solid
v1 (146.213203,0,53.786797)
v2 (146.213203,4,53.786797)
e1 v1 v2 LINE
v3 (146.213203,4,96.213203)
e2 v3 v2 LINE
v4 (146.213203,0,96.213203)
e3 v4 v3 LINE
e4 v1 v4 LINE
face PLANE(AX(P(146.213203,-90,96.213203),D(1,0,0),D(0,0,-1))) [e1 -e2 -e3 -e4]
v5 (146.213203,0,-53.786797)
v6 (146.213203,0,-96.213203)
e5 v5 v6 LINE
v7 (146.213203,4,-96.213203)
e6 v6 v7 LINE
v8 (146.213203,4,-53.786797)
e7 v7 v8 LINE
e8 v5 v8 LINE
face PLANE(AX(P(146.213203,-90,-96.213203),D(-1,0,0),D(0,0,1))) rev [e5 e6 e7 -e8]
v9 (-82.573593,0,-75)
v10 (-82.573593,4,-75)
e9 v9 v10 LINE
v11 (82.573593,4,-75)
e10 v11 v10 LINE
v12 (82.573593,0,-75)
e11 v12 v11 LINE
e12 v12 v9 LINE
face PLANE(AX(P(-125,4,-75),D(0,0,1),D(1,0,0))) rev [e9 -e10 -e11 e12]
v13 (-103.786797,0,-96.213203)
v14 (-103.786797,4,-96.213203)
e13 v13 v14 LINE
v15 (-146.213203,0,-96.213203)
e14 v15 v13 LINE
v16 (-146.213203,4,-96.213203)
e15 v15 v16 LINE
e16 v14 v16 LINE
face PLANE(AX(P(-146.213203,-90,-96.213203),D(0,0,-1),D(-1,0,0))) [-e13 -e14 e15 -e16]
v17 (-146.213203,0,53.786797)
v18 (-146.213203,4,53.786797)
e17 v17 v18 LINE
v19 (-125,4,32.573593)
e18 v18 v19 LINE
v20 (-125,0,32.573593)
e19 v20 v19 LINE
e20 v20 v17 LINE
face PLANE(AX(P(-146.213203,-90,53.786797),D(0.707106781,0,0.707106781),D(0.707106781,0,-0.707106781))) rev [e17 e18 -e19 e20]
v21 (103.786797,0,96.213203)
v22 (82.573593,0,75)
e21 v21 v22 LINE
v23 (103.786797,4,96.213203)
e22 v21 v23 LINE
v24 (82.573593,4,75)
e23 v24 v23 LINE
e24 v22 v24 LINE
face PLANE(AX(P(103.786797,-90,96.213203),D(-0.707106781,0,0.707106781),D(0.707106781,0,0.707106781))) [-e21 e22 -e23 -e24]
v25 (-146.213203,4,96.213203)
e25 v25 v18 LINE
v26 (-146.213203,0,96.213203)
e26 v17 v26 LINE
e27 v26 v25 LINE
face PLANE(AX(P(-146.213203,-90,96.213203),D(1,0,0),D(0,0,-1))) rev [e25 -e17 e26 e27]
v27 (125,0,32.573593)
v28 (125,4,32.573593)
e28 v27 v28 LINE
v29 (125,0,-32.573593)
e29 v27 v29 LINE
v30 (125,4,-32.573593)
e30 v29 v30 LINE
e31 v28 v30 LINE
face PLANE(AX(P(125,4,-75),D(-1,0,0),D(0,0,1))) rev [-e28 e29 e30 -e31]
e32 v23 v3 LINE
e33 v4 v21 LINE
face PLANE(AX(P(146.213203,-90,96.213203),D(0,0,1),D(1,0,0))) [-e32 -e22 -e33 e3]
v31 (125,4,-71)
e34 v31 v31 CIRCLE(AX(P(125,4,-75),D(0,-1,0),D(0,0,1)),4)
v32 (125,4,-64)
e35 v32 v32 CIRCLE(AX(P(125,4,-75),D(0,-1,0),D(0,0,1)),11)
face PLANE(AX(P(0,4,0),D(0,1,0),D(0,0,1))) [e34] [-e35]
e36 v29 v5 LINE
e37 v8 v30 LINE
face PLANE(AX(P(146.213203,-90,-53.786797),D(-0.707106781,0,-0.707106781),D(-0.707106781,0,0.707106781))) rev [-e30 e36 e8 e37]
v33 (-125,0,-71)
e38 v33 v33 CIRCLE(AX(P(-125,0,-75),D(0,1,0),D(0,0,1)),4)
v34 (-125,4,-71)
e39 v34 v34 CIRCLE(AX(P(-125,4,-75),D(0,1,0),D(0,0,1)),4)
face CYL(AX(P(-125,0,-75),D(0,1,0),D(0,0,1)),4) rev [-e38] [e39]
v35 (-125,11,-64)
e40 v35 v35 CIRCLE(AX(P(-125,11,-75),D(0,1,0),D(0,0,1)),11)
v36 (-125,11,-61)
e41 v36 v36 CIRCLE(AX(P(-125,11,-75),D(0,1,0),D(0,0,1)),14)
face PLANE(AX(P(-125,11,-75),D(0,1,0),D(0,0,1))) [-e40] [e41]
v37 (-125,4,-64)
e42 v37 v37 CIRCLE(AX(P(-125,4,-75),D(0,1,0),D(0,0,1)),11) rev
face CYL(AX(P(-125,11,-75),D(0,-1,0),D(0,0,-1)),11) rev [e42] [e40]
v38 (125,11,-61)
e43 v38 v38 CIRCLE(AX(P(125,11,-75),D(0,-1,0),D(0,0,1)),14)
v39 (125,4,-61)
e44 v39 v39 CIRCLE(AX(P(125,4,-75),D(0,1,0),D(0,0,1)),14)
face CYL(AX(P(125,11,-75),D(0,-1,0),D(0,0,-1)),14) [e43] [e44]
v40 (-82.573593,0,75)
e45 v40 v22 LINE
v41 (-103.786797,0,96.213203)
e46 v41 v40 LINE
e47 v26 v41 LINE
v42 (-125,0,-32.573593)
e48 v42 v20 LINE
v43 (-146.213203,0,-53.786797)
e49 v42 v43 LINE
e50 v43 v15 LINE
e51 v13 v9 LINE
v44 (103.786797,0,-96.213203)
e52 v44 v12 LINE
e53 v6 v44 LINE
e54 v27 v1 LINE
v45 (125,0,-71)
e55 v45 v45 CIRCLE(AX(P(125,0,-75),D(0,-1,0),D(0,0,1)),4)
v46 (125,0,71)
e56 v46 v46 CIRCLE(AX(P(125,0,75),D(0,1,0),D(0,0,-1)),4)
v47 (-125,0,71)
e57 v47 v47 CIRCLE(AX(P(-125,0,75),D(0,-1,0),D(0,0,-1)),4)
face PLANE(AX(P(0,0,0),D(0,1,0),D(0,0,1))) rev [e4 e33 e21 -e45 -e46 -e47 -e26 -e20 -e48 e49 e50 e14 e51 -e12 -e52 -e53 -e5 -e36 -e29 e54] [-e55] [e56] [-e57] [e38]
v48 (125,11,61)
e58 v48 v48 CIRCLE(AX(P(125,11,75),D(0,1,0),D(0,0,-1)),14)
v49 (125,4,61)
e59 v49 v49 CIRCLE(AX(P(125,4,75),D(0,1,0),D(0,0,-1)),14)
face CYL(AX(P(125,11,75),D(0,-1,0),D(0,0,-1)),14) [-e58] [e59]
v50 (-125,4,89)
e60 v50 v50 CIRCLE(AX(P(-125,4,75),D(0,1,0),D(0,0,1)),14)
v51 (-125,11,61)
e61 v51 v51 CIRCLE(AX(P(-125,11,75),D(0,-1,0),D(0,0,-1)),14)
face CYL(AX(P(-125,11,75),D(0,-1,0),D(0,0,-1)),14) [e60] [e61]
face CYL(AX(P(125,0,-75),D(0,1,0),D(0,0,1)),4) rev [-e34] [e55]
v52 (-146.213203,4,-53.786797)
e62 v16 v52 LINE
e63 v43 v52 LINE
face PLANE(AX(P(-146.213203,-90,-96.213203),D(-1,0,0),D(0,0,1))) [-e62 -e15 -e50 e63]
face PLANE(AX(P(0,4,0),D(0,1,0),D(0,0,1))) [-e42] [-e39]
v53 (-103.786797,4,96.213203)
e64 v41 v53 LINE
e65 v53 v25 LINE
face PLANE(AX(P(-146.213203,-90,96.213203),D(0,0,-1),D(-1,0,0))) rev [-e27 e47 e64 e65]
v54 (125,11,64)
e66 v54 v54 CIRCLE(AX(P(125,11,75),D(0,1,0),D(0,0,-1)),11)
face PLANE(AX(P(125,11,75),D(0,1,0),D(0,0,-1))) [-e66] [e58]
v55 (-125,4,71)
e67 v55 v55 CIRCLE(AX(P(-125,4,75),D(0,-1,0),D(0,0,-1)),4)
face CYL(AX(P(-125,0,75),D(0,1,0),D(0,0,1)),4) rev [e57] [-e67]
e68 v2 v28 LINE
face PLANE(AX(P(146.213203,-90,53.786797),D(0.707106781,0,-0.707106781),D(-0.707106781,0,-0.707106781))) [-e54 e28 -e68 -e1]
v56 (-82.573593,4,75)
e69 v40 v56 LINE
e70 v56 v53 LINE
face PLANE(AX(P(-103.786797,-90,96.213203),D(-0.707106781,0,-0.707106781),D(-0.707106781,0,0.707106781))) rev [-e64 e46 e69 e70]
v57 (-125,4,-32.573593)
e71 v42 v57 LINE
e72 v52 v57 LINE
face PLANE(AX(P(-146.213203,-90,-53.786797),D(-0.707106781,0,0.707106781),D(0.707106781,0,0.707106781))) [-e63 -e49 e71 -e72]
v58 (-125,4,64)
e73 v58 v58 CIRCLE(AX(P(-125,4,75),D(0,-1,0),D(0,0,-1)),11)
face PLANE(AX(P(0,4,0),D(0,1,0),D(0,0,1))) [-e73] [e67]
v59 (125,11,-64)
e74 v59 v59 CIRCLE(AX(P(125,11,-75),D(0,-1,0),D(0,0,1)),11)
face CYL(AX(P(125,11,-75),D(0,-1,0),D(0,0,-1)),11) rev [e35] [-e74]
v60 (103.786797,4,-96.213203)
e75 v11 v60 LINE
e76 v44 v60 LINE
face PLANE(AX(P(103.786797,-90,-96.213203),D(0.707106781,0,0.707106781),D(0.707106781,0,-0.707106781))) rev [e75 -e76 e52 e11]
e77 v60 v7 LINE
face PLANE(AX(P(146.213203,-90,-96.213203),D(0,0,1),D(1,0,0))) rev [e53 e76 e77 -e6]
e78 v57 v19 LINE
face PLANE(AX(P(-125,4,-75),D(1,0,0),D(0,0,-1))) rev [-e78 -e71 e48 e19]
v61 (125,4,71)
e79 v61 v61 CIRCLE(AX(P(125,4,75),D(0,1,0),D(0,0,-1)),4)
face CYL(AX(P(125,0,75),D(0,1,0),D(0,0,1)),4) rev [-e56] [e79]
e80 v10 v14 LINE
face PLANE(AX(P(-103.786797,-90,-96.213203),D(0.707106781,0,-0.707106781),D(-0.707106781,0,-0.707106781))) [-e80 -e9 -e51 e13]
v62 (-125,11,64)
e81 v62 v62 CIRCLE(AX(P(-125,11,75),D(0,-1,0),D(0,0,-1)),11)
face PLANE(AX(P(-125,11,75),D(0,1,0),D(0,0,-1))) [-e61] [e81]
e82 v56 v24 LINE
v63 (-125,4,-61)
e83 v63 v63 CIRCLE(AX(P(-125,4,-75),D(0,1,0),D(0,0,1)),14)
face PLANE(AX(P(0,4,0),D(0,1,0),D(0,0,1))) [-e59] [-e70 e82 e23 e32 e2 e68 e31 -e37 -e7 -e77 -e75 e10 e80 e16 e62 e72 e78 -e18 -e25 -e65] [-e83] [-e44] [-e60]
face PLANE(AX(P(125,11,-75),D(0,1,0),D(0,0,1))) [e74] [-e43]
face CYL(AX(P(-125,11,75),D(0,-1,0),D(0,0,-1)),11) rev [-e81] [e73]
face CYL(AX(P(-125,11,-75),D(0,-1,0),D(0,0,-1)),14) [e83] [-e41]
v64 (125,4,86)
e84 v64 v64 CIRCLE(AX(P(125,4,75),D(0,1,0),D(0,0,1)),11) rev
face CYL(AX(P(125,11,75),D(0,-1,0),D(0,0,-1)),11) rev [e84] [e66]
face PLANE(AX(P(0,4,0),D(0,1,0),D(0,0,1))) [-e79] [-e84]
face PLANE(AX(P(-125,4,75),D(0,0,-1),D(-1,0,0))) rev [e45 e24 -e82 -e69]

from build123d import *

# Parameters (mm, degrees)
SKETCH2_W                 = 250
SKETCH2_H                 = 150
BOSS_EXTRUDE1_DEPTH       = 4
BOSS_EXTRUDE2_DEPTH       = 4
SKETCH4_R                 = 4
CUT_EXTRUDE1_DEPTH        = 5
SKETCH5_R                 = 14
SKETCH5_R_2               = 11
BOSS_EXTRUDE3_DEPTH       = 7
MIRROR2_COPY_1_DEPTH      = 4
MIRROR2_COPY_2_SKETCH_R   = 4
MIRROR2_COPY_2_DEPTH      = 5
MIRROR2_COPY_3_SKETCH_R   = 14
MIRROR2_COPY_3_SKETCH_R_2 = 11
MIRROR2_COPY_3_DEPTH      = 7


with BuildPart() as part:
    # Sketch2 → Boss-Extrude1 (new body)
    with BuildSketch(Plane(origin=(0, 0, 0), x_dir=(1, 0, 0), z_dir=(0, 1, 0))):
        Rectangle(SKETCH2_W, SKETCH2_H)
    extrude(amount=BOSS_EXTRUDE1_DEPTH)

    # Sketch3 → Boss-Extrude2 (add)
    with BuildSketch(Plane(origin=(0, 4, 0), x_dir=(1, 0, 0), z_dir=(0, 1, 0))):
        Polygon((-103.786796564, 96.213203436), (-82.573593129, 75), (-125, 75), (-125, 32.573593129), (-146.213203436, 53.786796564), (-146.213203436, 96.213203436), align=None)
    boss_extrude2 = extrude(amount=-BOSS_EXTRUDE2_DEPTH)

    # Sketch4 → Cut-Extrude1 (cut, through all)
    with BuildSketch(Plane(origin=(0, 4, 0), x_dir=(1, 0, 0), z_dir=(0, 1, 0))):
        with Locations((-125, 75)):
            Circle(SKETCH4_R)
    cut_extrude1 = extrude(amount=-CUT_EXTRUDE1_DEPTH, mode=Mode.SUBTRACT)

    # Sketch5 → Boss-Extrude3 (add)
    with BuildSketch(Plane(origin=(0, 4, 0), x_dir=(1, 0, 0), z_dir=(0, 1, 0))):
        with Locations((-125, 75)):
            Circle(SKETCH5_R)
        with Locations((-125, 75)):
            Circle(SKETCH5_R_2, mode=Mode.SUBTRACT)
    boss_extrude3 = extrude(amount=BOSS_EXTRUDE3_DEPTH)

    # Mirror1: Boss-Extrude2, Cut-Extrude1, Boss-Extrude3 across plane
    add(boss_extrude2.mirror(Plane(origin=(0, 0, 0), x_dir=(0, 0, 1), z_dir=(1, 0, 0))))
    add(cut_extrude1.mirror(Plane(origin=(0, 0, 0), x_dir=(0, 0, 1), z_dir=(1, 0, 0))), mode=Mode.SUBTRACT)
    add(boss_extrude3.mirror(Plane(origin=(0, 0, 0), x_dir=(0, 0, 1), z_dir=(1, 0, 0))))

    # Mirror2: Boss-Extrude2, Cut-Extrude1, Boss-Extrude3 across plane
    add(boss_extrude2.mirror(Plane.XY))
    add(cut_extrude1.mirror(Plane.XY), mode=Mode.SUBTRACT)
    add(boss_extrude3.mirror(Plane.XY))

    # Mirror2 copy 1 sketch → Mirror2 copy 1 (add)
    with BuildSketch(Plane(origin=(0, 4, 0), x_dir=(-1, 0, 0), z_dir=(0, 1, 0))):
        Polygon((-103.786796564, 96.213203436), (-82.573593129, 75), (-125, 75), (-125, 32.573593129), (-146.213203436, 53.786796564), (-146.213203436, 96.213203436), align=None)
    extrude(amount=-MIRROR2_COPY_1_DEPTH)

    # Mirror2 copy 2 sketch → Mirror2 copy 2 (cut, through all)
    with BuildSketch(Plane(origin=(0, 4, 0), x_dir=(-1, 0, 0), z_dir=(0, 1, 0))):
        with Locations((-125, 75)):
            Circle(MIRROR2_COPY_2_SKETCH_R)
    extrude(amount=-MIRROR2_COPY_2_DEPTH, mode=Mode.SUBTRACT)

    # Mirror2 copy 3 sketch → Mirror2 copy 3 (add)
    with BuildSketch(Plane(origin=(0, 4, 0), x_dir=(-1, 0, 0), z_dir=(0, 1, 0))):
        with Locations((-125, 75)):
            Circle(MIRROR2_COPY_3_SKETCH_R)
        with Locations((-125, 75)):
            Circle(MIRROR2_COPY_3_SKETCH_R_2, mode=Mode.SUBTRACT)
    extrude(amount=MIRROR2_COPY_3_DEPTH)


solid = part.part
